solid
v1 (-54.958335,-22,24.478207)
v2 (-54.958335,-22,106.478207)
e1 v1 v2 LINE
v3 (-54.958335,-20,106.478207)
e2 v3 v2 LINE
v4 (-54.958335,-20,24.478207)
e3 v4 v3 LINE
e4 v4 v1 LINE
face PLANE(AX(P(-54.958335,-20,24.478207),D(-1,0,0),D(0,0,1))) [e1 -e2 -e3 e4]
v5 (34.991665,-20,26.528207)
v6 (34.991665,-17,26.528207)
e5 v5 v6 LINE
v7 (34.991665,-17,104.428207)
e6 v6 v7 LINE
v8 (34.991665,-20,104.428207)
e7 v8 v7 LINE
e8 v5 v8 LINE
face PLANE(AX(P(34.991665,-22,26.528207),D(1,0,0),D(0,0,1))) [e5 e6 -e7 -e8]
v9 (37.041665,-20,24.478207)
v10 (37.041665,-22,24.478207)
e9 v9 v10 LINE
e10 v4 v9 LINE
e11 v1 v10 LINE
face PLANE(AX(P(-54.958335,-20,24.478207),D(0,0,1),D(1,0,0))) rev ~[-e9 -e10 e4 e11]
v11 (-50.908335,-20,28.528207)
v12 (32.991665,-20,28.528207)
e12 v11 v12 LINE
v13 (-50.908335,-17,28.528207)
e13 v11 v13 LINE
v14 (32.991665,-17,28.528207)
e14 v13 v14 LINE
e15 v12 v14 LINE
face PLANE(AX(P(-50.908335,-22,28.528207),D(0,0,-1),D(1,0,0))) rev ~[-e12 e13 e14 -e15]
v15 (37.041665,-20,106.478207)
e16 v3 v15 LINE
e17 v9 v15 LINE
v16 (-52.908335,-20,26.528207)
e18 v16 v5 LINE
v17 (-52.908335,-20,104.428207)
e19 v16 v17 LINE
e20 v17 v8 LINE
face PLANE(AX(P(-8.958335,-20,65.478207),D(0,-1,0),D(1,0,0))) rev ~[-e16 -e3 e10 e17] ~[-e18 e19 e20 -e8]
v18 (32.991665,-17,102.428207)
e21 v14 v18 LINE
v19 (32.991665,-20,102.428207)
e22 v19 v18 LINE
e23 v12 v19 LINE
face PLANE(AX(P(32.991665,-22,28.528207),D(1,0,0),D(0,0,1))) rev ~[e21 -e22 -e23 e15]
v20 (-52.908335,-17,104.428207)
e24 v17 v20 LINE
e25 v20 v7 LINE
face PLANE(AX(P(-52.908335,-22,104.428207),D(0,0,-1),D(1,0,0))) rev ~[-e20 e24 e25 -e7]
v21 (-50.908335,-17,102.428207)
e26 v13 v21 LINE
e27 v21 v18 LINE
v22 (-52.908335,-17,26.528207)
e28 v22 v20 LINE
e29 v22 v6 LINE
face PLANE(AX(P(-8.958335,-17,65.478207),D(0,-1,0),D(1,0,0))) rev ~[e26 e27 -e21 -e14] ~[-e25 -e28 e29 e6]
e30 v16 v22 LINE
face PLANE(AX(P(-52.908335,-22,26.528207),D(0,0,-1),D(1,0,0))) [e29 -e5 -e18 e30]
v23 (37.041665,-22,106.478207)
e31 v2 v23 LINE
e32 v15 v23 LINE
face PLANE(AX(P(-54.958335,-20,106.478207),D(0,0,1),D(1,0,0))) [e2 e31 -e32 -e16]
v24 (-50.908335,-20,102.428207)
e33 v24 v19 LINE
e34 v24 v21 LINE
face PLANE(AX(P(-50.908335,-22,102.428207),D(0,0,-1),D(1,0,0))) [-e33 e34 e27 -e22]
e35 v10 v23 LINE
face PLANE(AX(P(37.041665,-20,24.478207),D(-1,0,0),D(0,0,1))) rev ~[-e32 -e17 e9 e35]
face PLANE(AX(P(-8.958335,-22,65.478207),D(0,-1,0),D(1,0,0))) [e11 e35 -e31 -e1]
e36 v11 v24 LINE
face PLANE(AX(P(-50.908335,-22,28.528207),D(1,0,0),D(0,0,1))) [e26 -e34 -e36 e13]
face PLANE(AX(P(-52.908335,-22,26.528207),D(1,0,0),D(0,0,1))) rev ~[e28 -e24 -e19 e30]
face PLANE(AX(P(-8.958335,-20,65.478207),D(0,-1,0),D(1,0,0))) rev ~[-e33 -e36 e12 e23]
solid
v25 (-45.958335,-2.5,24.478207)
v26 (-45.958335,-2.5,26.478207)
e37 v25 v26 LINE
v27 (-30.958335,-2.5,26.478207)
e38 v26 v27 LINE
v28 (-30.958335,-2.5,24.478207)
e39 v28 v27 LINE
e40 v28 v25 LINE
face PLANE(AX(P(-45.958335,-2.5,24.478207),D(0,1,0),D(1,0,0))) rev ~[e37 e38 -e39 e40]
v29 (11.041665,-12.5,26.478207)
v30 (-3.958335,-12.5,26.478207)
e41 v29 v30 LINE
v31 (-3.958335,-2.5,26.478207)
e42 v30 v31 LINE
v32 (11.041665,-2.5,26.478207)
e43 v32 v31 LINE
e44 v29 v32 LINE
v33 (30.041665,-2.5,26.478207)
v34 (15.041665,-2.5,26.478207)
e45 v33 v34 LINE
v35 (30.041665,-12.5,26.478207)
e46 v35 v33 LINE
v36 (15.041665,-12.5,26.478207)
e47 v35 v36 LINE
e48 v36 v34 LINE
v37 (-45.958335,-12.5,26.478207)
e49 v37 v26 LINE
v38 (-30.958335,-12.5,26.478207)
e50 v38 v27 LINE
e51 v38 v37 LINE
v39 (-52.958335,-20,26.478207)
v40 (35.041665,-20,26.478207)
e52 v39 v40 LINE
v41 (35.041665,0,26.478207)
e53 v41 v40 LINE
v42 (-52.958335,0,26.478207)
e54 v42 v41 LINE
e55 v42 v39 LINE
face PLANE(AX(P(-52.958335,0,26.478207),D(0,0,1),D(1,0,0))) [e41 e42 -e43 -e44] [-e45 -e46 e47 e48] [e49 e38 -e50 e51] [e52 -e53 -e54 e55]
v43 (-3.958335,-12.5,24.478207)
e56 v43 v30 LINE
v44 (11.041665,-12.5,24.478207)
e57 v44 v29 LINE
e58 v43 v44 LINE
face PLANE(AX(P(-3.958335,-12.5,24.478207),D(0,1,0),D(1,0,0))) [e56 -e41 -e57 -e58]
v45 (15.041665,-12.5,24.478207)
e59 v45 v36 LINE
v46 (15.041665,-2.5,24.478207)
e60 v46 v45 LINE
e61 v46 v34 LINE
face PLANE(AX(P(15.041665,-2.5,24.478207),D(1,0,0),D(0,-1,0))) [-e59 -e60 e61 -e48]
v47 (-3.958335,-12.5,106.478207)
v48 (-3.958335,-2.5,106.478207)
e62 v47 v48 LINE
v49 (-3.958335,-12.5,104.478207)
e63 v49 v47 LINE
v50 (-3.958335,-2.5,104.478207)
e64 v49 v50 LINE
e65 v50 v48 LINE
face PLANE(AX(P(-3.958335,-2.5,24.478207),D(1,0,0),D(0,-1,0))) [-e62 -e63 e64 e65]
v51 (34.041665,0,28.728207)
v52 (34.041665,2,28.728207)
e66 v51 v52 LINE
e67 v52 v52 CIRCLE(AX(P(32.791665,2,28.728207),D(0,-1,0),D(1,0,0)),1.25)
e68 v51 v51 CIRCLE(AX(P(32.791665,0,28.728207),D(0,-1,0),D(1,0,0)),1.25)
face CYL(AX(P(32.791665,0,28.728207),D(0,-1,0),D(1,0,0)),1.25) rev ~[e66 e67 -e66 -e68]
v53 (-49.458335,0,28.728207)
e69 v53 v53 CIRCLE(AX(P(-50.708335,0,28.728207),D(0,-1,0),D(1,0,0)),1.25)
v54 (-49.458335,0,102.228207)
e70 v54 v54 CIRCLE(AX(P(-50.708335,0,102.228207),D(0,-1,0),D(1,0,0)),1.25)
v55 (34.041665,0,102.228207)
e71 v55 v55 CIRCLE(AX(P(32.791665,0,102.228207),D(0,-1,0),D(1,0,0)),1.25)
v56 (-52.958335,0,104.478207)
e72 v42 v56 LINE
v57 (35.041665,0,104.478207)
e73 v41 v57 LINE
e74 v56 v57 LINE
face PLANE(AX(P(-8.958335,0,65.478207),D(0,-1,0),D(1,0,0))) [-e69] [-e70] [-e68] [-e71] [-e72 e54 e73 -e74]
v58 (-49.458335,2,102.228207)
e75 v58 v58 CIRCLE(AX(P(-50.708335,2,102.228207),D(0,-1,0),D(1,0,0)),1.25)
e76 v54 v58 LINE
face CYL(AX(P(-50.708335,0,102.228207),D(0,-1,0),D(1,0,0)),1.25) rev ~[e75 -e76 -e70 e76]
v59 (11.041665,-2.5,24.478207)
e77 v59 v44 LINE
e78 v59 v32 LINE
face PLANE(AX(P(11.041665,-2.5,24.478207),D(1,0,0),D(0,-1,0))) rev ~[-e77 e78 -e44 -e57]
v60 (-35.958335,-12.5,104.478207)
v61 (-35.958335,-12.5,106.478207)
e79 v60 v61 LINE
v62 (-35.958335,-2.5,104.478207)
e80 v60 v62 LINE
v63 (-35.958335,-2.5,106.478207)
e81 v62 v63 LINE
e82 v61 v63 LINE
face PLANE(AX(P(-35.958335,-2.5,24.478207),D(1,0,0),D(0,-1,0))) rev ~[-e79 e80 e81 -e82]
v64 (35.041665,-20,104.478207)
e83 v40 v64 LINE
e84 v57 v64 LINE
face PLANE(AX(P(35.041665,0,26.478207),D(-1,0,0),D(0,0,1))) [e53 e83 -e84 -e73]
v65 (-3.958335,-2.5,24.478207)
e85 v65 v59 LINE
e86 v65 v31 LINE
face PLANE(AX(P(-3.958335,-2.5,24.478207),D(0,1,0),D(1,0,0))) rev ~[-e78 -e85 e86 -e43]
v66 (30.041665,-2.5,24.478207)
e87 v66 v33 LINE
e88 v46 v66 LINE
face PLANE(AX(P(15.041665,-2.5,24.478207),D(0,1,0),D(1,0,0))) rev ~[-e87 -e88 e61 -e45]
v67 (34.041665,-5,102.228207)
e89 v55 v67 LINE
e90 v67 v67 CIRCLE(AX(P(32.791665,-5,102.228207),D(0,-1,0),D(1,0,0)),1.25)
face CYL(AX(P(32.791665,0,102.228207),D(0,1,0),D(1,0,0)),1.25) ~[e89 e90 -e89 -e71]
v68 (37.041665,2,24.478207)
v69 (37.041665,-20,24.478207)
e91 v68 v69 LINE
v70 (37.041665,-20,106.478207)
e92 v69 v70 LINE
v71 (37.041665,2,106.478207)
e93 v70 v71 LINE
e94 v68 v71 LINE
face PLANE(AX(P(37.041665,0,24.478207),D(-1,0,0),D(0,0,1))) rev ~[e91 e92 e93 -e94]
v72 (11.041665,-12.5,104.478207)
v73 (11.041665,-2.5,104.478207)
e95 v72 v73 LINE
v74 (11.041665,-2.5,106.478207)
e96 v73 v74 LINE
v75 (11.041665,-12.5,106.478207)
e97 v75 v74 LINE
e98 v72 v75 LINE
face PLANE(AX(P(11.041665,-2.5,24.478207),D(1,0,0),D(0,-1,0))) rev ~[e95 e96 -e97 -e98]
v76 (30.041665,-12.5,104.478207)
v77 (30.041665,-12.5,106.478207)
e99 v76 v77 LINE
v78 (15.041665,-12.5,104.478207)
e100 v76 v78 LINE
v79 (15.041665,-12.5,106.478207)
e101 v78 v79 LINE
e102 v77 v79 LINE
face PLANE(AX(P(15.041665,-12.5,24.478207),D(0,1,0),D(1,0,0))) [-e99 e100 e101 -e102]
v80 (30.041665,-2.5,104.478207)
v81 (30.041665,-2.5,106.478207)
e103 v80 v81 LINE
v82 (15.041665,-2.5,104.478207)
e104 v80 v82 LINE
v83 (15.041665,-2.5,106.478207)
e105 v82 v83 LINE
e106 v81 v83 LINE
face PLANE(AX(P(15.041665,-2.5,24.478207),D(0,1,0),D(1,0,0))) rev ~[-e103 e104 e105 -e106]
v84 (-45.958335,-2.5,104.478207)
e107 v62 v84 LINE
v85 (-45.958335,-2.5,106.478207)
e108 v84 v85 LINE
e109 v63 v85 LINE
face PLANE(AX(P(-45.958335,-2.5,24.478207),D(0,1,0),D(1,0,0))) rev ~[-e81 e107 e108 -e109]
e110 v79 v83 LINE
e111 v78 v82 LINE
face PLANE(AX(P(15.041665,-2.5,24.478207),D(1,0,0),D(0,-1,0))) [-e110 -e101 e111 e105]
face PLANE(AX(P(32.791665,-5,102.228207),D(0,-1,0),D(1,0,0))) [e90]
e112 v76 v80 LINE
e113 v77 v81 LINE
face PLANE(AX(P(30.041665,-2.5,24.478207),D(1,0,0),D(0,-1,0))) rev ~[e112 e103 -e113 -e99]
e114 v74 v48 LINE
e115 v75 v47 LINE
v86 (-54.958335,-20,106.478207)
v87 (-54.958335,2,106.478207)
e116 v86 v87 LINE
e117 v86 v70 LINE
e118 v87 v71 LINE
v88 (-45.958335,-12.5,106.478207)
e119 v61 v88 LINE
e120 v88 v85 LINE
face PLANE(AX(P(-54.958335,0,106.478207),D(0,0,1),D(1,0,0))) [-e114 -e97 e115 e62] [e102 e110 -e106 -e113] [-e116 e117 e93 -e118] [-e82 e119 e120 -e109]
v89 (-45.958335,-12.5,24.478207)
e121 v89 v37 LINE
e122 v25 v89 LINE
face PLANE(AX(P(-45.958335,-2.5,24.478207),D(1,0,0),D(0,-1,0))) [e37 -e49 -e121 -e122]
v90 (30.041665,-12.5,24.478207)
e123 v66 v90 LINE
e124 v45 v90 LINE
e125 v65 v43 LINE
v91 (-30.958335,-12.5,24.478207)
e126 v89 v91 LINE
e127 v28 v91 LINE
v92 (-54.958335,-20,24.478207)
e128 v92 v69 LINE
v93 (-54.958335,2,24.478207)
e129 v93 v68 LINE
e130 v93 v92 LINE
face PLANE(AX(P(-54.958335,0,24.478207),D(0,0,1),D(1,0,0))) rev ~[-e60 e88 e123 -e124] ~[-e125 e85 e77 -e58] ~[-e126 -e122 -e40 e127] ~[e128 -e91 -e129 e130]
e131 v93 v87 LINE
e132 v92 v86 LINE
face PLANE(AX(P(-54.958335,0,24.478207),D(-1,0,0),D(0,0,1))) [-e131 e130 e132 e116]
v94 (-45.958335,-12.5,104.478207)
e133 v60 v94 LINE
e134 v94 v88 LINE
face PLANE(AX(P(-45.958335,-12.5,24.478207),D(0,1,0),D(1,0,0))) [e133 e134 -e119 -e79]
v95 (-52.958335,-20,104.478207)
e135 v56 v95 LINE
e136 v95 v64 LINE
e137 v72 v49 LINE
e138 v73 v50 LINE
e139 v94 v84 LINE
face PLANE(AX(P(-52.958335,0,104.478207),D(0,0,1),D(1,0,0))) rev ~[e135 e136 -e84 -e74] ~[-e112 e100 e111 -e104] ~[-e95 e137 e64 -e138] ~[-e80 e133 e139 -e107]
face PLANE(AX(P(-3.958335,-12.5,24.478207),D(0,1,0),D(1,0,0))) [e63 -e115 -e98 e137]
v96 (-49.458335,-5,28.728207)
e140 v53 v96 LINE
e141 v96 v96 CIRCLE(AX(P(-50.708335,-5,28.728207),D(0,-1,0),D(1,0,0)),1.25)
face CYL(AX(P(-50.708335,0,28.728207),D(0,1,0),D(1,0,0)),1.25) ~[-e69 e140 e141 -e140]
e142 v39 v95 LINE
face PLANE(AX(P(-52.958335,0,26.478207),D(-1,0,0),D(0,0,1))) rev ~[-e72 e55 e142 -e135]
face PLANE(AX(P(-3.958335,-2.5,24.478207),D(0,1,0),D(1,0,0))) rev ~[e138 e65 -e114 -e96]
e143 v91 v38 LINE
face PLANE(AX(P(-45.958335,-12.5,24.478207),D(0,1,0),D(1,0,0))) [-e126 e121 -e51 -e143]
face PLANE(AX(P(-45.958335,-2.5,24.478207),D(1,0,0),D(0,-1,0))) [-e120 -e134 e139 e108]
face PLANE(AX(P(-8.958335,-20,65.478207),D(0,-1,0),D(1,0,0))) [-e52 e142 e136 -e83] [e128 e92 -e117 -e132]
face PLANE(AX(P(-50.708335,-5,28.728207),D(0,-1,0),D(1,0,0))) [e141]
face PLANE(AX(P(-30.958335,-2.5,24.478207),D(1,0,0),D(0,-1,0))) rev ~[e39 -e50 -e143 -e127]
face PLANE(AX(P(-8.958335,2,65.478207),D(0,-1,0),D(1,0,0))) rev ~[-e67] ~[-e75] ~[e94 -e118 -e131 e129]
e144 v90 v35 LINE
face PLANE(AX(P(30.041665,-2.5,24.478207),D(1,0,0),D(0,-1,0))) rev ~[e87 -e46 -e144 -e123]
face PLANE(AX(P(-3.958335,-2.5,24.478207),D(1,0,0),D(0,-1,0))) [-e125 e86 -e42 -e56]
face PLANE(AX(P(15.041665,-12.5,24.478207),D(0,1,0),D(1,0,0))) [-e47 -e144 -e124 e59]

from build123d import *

# Parameters (mm, degrees)
F0_W      = 92
F0_H      = 82
F1_DEPTH  = 2
F2_W      = 92
F2_H      = 82
F2_W_2    = 88
F2_H_2    = 78
F3_DEPTH  = 20
F4_W      = 15
F4_H      = 10
F4_W_2    = 10
F5_DEPTH  = 95
F4_W_3    = 5
F6_DEPTH  = 25
F7_R      = 1.25
F8_DEPTH  = 5
F9_DEPTH  = 25
F10_W     = 92
F10_H     = 82
F11_DEPTH = 2
F12_W     = 87.9
F12_H     = 77.9
F12_W_2   = 83.9
F12_H_2   = 73.9
F13_DEPTH = 5


with BuildPart() as f1:
    # F0 (on Front) → F1 (new body)
    with BuildSketch(Plane.XZ):
        with Locations((-8.958335, 65.478207)):
            Rectangle(F0_W, F0_H)
    extrude(amount=-F1_DEPTH)

    # F2 (on face) → F3 (join)
    with BuildSketch(Plane.XZ):
        with Locations((-8.958335, 65.478207)):
            Rectangle(F2_W, F2_H)
        with Locations((-8.958335, 65.478207)):
            Rectangle(F2_W_2, F2_H_2, mode=Mode.SUBTRACT)
    extrude(amount=F3_DEPTH)

    # F4 (on face) → F5 (cut)
    with BuildSketch(Plane(origin=(0, 0, 24.478207), x_dir=(1, 0, 0), z_dir=(0, 0, -1))):
        with Locations((22.541665, 7.5)):
            Rectangle(F4_W, F4_H)
        with Locations((3.541665, 7.5)):
            Rectangle(F4_W, F4_H)
        with Locations((-40.958335, 7.5)):
            Rectangle(F4_W_2, F4_H)
    extrude(amount=-F5_DEPTH, mode=Mode.SUBTRACT)

    # F4 (on face) → F6 (cut)
    with BuildSketch(Plane(origin=(0, 0, 24.478207), x_dir=(1, 0, 0), z_dir=(0, 0, -1))):
        with Locations((22.541665, 7.5)):
            Rectangle(F4_W, F4_H)
        with Locations((3.541665, 7.5)):
            Rectangle(F4_W, F4_H)
        with Locations((-40.958335, 7.5)):
            Rectangle(F4_W_2, F4_H)
        with Locations((-33.458335, 7.5)):
            Rectangle(F4_W_3, F4_H)
    extrude(amount=-F6_DEPTH, mode=Mode.SUBTRACT)

    # F7 (on face) → F8 (join)
    with BuildSketch(Plane.XZ):
        with Locations((-50.708335, 28.728207)):
            Circle(F7_R)
        with Locations((32.791665, 102.228207)):
            Circle(F7_R)
    extrude(amount=F8_DEPTH)

    # F7 (on face) → F9 (cut)
    with BuildSketch(Plane.XZ):
        with Locations((32.791665, 28.728207)):
            Circle(F7_R)
        with Locations((-50.708335, 102.228207)):
            Circle(F7_R)
    extrude(amount=-F9_DEPTH, mode=Mode.SUBTRACT)


with BuildPart() as f11:
    # F10 (on face) → F11 (new body)
    with BuildSketch(Plane.XZ.offset(20)):
        with Locations((-8.958335, 65.478207)):
            Rectangle(F10_W, F10_H)
    extrude(amount=F11_DEPTH)

    # F12 (on face) → F13 (join)
    with BuildSketch(Plane.XZ.offset(22)):
        with Locations((-8.958335, 65.478207)):
            Rectangle(F12_W, F12_H)
        with Locations((-8.958335, 65.478207)):
            Rectangle(F12_W_2, F12_H_2, mode=Mode.SUBTRACT)
    extrude(amount=-F13_DEPTH)


solid = Compound([f1.part, f11.part])
